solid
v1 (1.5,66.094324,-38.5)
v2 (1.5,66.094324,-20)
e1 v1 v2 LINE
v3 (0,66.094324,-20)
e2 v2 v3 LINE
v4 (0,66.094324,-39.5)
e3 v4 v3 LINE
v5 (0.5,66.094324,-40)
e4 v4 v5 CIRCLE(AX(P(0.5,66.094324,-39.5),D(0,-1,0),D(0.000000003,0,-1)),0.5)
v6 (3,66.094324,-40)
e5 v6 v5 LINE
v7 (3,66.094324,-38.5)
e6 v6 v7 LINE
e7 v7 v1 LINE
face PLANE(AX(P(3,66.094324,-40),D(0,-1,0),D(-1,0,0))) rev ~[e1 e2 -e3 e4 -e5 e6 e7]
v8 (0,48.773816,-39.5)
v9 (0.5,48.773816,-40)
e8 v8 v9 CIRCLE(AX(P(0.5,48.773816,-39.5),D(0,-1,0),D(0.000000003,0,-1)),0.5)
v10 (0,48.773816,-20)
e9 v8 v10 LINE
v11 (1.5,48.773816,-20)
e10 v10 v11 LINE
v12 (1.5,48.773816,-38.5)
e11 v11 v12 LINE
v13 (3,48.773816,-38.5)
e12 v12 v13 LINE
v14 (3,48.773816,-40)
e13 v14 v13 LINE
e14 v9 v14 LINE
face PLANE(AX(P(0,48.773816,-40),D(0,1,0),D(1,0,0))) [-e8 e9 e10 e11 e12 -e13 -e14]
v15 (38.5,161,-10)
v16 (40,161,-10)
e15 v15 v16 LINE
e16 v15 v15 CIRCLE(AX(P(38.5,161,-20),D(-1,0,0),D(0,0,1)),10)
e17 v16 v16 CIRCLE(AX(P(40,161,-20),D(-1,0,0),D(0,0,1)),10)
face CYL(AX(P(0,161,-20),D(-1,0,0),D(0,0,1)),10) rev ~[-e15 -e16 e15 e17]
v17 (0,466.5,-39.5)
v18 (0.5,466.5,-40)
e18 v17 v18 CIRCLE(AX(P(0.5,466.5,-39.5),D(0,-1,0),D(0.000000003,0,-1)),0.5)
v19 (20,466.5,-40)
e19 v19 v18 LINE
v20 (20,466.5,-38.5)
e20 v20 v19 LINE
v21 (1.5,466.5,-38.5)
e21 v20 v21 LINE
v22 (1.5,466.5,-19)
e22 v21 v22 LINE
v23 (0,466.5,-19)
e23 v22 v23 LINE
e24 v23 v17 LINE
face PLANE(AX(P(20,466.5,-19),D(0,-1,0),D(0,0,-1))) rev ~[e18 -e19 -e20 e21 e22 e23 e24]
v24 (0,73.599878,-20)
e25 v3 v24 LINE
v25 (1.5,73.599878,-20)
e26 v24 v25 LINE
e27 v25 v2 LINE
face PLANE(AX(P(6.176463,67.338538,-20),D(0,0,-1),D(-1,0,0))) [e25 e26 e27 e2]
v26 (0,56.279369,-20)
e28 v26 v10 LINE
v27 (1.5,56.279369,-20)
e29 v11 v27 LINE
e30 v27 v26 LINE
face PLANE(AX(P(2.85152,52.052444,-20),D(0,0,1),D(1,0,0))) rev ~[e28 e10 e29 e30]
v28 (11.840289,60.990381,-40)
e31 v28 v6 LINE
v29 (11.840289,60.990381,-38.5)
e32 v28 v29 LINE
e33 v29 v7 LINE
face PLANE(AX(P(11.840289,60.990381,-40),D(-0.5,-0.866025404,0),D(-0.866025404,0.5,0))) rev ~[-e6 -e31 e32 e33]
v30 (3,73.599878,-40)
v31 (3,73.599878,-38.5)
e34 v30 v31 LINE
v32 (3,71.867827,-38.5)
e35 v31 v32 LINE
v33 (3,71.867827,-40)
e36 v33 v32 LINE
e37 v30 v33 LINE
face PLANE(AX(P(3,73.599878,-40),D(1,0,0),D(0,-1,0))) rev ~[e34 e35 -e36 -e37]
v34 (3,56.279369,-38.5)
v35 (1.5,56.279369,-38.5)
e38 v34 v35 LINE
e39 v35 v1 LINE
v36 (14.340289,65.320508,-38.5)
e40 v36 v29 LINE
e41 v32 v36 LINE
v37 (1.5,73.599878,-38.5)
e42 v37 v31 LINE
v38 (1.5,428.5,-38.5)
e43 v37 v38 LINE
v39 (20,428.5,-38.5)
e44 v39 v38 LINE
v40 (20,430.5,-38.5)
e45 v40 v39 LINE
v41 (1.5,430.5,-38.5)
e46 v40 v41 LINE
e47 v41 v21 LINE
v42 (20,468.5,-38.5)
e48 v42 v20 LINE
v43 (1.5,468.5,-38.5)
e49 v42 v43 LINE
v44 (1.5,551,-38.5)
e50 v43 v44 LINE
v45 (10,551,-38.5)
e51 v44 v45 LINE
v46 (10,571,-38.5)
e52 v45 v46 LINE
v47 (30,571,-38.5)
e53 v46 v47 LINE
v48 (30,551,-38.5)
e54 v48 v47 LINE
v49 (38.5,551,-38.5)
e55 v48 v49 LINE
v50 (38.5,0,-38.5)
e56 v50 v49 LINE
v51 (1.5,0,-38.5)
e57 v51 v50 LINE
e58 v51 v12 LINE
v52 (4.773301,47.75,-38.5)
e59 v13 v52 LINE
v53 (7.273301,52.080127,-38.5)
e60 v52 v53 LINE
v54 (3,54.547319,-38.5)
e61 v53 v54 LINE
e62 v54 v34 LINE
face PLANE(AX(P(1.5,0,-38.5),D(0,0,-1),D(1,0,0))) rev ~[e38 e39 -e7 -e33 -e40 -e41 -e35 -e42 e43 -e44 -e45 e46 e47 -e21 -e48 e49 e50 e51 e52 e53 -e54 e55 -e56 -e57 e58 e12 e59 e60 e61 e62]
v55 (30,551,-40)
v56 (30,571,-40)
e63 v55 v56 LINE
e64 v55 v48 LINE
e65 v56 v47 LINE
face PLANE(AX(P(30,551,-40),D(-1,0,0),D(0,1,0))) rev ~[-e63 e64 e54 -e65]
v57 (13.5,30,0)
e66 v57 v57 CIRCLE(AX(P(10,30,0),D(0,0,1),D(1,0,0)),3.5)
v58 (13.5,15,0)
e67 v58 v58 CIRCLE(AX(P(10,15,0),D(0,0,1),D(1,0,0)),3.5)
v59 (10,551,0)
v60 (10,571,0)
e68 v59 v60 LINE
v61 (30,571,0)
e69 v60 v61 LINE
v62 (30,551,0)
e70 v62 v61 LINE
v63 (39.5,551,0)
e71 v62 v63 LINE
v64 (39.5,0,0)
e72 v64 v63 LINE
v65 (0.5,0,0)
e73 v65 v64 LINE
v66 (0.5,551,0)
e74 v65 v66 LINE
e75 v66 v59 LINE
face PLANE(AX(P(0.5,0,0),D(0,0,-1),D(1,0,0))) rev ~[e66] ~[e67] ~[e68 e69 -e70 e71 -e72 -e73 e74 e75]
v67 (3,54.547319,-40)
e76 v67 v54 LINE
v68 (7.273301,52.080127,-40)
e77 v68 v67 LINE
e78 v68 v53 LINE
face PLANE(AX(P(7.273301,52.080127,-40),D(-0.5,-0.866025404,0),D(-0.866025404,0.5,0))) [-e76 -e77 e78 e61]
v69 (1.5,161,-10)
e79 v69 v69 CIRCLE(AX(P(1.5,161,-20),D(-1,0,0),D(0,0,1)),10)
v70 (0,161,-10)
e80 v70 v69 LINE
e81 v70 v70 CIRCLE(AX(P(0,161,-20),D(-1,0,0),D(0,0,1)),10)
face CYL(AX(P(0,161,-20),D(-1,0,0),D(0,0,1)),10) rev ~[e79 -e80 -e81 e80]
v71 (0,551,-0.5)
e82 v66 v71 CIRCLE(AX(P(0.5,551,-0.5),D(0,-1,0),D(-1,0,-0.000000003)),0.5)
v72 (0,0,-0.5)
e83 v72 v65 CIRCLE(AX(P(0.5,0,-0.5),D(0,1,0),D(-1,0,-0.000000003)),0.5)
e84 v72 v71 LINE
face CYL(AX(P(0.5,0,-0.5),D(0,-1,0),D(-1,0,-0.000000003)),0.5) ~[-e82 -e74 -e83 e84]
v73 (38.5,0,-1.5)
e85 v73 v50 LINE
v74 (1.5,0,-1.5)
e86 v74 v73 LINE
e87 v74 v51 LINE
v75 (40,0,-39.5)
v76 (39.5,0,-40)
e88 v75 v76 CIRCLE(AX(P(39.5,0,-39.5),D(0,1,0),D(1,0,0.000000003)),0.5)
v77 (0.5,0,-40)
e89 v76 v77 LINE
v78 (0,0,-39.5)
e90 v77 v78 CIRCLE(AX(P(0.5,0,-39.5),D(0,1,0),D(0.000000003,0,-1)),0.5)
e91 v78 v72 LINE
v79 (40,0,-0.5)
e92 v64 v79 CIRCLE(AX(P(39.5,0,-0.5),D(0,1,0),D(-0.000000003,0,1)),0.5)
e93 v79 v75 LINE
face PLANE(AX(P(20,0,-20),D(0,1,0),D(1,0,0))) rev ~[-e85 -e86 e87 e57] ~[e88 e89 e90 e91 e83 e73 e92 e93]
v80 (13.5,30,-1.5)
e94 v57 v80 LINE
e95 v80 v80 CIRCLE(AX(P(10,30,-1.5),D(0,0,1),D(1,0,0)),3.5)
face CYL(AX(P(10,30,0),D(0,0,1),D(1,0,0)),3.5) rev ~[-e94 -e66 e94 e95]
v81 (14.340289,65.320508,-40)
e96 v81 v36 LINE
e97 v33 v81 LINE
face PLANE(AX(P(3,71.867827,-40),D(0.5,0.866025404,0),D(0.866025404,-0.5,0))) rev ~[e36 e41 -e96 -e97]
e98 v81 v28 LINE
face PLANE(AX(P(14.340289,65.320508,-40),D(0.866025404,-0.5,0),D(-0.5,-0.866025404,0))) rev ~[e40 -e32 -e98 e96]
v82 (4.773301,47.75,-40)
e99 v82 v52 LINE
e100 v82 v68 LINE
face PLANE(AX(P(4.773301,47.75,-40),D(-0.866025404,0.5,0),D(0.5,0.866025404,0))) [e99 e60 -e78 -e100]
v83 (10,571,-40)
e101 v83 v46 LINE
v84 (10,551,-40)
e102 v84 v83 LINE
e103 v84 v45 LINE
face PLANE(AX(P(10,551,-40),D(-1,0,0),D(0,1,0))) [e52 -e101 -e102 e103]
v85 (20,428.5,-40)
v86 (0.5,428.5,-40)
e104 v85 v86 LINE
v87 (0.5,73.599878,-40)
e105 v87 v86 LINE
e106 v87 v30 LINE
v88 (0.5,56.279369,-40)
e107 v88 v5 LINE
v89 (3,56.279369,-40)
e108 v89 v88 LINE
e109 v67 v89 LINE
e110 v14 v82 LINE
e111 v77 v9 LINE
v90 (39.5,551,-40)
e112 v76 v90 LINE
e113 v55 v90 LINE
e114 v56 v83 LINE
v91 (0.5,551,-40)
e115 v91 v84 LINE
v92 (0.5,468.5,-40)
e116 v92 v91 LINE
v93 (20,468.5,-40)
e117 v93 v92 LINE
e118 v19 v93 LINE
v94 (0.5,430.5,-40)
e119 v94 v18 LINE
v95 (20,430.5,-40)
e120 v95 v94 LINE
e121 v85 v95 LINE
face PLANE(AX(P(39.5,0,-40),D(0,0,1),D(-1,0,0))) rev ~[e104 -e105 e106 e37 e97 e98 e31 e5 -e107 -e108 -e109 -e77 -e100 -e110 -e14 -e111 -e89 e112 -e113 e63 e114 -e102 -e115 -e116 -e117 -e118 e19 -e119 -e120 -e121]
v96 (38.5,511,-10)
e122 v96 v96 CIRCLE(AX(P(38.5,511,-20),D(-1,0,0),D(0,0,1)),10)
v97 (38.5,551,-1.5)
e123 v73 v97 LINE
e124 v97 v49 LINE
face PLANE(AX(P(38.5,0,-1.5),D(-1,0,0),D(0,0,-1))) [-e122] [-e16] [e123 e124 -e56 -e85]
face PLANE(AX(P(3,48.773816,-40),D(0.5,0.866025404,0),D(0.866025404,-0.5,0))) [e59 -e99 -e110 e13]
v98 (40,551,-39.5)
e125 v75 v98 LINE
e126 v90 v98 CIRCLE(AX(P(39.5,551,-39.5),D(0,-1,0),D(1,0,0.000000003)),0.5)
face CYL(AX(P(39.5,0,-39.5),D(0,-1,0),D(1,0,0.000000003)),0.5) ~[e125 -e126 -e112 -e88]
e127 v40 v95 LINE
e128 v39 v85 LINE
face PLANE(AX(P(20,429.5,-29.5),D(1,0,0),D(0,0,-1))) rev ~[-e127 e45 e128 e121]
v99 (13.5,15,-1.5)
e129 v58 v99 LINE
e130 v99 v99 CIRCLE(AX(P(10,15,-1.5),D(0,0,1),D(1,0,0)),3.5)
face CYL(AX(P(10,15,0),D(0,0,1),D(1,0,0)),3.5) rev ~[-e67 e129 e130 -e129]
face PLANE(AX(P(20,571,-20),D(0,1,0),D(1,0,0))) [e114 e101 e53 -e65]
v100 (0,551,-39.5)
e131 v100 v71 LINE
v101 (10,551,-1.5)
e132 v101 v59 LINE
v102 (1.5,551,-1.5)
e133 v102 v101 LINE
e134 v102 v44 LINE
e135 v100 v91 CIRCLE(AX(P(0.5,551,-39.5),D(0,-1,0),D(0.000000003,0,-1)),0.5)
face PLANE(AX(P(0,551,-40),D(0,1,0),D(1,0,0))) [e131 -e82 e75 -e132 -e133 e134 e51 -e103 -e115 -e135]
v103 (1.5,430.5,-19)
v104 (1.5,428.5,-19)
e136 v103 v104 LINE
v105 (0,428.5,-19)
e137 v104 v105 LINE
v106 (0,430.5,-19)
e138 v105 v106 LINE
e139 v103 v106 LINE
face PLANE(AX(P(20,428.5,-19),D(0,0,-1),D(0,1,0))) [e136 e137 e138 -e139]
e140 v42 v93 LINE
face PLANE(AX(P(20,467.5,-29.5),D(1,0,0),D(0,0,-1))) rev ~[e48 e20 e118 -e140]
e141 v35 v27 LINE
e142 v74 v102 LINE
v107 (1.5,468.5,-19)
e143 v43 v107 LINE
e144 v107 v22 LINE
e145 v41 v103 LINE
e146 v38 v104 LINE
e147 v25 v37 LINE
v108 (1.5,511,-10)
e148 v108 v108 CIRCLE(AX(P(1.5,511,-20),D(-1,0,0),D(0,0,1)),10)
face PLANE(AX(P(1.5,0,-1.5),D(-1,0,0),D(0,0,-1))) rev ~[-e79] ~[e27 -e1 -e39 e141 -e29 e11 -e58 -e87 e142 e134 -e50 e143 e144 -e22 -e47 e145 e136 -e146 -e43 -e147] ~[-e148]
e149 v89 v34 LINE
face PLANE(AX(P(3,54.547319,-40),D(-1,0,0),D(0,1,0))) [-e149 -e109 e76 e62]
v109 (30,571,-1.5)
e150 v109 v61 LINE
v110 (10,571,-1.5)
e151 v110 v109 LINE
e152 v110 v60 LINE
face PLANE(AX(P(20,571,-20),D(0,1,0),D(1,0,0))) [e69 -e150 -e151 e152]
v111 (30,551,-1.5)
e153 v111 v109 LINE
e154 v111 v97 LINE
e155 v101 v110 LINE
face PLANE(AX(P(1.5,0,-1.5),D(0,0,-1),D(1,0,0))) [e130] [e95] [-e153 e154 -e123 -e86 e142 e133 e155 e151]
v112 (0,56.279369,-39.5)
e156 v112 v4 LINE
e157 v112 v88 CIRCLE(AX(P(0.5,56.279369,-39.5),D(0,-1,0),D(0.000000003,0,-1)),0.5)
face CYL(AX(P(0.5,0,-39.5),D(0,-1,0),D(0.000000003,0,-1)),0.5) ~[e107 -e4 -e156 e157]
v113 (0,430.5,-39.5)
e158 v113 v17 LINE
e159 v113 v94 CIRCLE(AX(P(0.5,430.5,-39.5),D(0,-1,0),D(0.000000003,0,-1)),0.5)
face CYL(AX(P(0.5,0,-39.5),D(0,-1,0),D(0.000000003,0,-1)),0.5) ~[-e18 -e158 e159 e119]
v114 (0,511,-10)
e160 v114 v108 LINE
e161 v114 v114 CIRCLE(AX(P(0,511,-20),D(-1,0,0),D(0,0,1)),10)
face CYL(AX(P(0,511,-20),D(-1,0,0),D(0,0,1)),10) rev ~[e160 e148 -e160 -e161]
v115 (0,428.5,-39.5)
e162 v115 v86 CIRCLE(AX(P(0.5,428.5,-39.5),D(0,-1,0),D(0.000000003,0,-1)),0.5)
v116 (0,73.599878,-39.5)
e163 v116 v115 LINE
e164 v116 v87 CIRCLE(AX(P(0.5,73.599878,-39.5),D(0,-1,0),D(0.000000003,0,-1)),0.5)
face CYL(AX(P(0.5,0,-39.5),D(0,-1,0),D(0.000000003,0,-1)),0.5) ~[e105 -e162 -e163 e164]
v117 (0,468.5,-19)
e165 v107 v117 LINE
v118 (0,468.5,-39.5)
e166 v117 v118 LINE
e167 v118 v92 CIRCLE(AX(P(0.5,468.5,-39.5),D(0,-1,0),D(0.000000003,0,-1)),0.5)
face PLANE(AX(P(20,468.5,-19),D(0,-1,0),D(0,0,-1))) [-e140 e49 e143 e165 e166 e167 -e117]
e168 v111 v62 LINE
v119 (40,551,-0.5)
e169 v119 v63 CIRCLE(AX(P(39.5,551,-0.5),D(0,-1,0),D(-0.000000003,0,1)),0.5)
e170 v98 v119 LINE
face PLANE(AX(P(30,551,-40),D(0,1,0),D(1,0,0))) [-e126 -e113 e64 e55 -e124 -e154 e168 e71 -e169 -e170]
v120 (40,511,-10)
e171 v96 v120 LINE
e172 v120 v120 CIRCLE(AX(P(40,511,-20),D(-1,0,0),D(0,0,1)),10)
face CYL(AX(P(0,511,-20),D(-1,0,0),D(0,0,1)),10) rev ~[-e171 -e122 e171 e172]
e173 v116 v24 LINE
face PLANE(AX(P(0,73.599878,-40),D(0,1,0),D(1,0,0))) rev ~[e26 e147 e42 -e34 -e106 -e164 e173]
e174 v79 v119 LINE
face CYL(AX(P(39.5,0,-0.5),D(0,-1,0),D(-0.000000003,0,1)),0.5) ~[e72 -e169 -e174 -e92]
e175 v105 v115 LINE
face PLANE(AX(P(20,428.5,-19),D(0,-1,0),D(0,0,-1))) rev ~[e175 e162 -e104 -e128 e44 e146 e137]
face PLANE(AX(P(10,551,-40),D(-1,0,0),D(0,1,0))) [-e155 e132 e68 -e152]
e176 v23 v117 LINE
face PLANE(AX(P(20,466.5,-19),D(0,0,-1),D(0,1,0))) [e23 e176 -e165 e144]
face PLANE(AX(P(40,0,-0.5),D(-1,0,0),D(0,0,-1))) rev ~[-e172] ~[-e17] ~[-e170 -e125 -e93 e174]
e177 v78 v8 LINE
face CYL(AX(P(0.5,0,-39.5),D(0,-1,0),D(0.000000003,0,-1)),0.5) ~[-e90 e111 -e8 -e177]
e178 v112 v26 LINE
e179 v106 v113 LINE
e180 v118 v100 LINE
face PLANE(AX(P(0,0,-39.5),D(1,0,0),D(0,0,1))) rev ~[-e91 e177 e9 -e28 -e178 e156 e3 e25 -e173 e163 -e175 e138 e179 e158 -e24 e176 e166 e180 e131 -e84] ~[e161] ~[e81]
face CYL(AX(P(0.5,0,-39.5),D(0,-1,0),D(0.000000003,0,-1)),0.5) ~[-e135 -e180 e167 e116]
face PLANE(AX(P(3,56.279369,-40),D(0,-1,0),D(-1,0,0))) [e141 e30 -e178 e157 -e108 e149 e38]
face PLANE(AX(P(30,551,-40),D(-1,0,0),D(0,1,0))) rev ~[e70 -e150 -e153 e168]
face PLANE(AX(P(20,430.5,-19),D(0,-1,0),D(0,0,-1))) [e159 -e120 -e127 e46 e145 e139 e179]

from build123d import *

# Parameters (mm, degrees)
SKETCH1_W           = 37
SKETCH1_H           = 37
BOSS_EXTRUDE1_DEPTH = 571
SKETCH2_W           = 10
SKETCH2_H           = 20
CUT_EXTRUDE1_DEPTH  = 40
CUT_EXTRUDE2_START  = -20
SKETCH3_W           = 21
SKETCH3_H           = 2
CUT_EXTRUDE2_DEPTH  = 20
CUT_EXTRUDE3_DEPTH  = 20
SKETCH5_R           = 3.5
CUT_EXTRUDE4_DEPTH  = 10
SKETCH6_R           = 10
CUT_EXTRUDE5_DEPTH  = 574.795259653


with BuildPart() as part:
    # Sketch1 → Boss-Extrude1 (new body)
    with BuildSketch(Plane(origin=(0, 0, 0), x_dir=(1, 0, 0), z_dir=(0, 1, 0))):
        with BuildLine():
            Line((0.5, 0), (39.5, 0))
            ThreePointArc((39.5, 0), (39.853553391, 0.146446609), (40, 0.5))
            Line((40, 0.5), (40, 39.5))
            ThreePointArc((40, 39.5), (39.853553391, 39.853553391), (39.5, 40))
            Line((39.5, 40), (0.5, 40))
            ThreePointArc((0.5, 40), (0.146446609, 39.853553391), (0, 39.5))
            Line((0, 39.5), (0, 0.5))
            ThreePointArc((0, 0.5), (0.146446609, 0.146446609), (0.5, 0))
        make_face()
        with Locations((20, 20)):
            Rectangle(SKETCH1_W, SKETCH1_H, mode=Mode.SUBTRACT)
    extrude(amount=BOSS_EXTRUDE1_DEPTH)

    # Sketch2 → Cut-Extrude1 (cut)
    with BuildSketch(Plane.XY.offset(-40)):
        with Locations((35, 561)):
            Rectangle(SKETCH2_W, SKETCH2_H)
        with Locations((5, 561)):
            Rectangle(SKETCH2_W, SKETCH2_H)
    extrude(amount=CUT_EXTRUDE1_DEPTH, mode=Mode.SUBTRACT)

    # Sketch3 → Cut-Extrude2 (cut)
    with BuildSketch(Plane(origin=(40, 0, 0), x_dir=(0, 0, -1), z_dir=(1, 0, 0)).offset(CUT_EXTRUDE2_START)):
        with Locations((29.5, 467.5)):
            Rectangle(SKETCH3_W, SKETCH3_H)
        with Locations((29.5, 429.5)):
            Rectangle(SKETCH3_W, SKETCH3_H)
    extrude(amount=-CUT_EXTRUDE2_DEPTH, mode=Mode.SUBTRACT)

    # Sketch4 → Cut-Extrude3 (cut)
    with BuildSketch(Plane(origin=(0, 0, -40), x_dir=(-1, 0, 0), z_dir=(0, 0, -1))):
        Polygon((-4.773301235, 47.75), (-7.273301235, 52.080127019), (-3, 54.547318637), (-3, 56.279369445), (0, 56.279369445), (0, 48.773815945), (-3, 48.773815945), align=None)
        Polygon((0, 66.094324021), (0, 73.59987752), (-3, 73.59987752), (-3, 71.867826713), (-14.340288533, 65.320508076), (-11.840288533, 60.990381057), (-3, 66.094324021), align=None)
    extrude(amount=-CUT_EXTRUDE3_DEPTH, mode=Mode.SUBTRACT)

    # Sketch5 → Cut-Extrude4 (cut)
    with BuildSketch(Plane.XY):
        with Locations((10, 15)):
            Circle(SKETCH5_R)
        with Locations((10, 30)):
            Circle(SKETCH5_R)
    extrude(amount=-CUT_EXTRUDE4_DEPTH, mode=Mode.SUBTRACT)

    # Sketch6 → Cut-Extrude5 (cut, through all)
    with BuildSketch(Plane.ZY):
        with Locations((-20, 511)):
            Circle(SKETCH6_R)
        with Locations((-20, 161)):
            Circle(SKETCH6_R)
    extrude(amount=-CUT_EXTRUDE5_DEPTH, mode=Mode.SUBTRACT)


solid = part.part
